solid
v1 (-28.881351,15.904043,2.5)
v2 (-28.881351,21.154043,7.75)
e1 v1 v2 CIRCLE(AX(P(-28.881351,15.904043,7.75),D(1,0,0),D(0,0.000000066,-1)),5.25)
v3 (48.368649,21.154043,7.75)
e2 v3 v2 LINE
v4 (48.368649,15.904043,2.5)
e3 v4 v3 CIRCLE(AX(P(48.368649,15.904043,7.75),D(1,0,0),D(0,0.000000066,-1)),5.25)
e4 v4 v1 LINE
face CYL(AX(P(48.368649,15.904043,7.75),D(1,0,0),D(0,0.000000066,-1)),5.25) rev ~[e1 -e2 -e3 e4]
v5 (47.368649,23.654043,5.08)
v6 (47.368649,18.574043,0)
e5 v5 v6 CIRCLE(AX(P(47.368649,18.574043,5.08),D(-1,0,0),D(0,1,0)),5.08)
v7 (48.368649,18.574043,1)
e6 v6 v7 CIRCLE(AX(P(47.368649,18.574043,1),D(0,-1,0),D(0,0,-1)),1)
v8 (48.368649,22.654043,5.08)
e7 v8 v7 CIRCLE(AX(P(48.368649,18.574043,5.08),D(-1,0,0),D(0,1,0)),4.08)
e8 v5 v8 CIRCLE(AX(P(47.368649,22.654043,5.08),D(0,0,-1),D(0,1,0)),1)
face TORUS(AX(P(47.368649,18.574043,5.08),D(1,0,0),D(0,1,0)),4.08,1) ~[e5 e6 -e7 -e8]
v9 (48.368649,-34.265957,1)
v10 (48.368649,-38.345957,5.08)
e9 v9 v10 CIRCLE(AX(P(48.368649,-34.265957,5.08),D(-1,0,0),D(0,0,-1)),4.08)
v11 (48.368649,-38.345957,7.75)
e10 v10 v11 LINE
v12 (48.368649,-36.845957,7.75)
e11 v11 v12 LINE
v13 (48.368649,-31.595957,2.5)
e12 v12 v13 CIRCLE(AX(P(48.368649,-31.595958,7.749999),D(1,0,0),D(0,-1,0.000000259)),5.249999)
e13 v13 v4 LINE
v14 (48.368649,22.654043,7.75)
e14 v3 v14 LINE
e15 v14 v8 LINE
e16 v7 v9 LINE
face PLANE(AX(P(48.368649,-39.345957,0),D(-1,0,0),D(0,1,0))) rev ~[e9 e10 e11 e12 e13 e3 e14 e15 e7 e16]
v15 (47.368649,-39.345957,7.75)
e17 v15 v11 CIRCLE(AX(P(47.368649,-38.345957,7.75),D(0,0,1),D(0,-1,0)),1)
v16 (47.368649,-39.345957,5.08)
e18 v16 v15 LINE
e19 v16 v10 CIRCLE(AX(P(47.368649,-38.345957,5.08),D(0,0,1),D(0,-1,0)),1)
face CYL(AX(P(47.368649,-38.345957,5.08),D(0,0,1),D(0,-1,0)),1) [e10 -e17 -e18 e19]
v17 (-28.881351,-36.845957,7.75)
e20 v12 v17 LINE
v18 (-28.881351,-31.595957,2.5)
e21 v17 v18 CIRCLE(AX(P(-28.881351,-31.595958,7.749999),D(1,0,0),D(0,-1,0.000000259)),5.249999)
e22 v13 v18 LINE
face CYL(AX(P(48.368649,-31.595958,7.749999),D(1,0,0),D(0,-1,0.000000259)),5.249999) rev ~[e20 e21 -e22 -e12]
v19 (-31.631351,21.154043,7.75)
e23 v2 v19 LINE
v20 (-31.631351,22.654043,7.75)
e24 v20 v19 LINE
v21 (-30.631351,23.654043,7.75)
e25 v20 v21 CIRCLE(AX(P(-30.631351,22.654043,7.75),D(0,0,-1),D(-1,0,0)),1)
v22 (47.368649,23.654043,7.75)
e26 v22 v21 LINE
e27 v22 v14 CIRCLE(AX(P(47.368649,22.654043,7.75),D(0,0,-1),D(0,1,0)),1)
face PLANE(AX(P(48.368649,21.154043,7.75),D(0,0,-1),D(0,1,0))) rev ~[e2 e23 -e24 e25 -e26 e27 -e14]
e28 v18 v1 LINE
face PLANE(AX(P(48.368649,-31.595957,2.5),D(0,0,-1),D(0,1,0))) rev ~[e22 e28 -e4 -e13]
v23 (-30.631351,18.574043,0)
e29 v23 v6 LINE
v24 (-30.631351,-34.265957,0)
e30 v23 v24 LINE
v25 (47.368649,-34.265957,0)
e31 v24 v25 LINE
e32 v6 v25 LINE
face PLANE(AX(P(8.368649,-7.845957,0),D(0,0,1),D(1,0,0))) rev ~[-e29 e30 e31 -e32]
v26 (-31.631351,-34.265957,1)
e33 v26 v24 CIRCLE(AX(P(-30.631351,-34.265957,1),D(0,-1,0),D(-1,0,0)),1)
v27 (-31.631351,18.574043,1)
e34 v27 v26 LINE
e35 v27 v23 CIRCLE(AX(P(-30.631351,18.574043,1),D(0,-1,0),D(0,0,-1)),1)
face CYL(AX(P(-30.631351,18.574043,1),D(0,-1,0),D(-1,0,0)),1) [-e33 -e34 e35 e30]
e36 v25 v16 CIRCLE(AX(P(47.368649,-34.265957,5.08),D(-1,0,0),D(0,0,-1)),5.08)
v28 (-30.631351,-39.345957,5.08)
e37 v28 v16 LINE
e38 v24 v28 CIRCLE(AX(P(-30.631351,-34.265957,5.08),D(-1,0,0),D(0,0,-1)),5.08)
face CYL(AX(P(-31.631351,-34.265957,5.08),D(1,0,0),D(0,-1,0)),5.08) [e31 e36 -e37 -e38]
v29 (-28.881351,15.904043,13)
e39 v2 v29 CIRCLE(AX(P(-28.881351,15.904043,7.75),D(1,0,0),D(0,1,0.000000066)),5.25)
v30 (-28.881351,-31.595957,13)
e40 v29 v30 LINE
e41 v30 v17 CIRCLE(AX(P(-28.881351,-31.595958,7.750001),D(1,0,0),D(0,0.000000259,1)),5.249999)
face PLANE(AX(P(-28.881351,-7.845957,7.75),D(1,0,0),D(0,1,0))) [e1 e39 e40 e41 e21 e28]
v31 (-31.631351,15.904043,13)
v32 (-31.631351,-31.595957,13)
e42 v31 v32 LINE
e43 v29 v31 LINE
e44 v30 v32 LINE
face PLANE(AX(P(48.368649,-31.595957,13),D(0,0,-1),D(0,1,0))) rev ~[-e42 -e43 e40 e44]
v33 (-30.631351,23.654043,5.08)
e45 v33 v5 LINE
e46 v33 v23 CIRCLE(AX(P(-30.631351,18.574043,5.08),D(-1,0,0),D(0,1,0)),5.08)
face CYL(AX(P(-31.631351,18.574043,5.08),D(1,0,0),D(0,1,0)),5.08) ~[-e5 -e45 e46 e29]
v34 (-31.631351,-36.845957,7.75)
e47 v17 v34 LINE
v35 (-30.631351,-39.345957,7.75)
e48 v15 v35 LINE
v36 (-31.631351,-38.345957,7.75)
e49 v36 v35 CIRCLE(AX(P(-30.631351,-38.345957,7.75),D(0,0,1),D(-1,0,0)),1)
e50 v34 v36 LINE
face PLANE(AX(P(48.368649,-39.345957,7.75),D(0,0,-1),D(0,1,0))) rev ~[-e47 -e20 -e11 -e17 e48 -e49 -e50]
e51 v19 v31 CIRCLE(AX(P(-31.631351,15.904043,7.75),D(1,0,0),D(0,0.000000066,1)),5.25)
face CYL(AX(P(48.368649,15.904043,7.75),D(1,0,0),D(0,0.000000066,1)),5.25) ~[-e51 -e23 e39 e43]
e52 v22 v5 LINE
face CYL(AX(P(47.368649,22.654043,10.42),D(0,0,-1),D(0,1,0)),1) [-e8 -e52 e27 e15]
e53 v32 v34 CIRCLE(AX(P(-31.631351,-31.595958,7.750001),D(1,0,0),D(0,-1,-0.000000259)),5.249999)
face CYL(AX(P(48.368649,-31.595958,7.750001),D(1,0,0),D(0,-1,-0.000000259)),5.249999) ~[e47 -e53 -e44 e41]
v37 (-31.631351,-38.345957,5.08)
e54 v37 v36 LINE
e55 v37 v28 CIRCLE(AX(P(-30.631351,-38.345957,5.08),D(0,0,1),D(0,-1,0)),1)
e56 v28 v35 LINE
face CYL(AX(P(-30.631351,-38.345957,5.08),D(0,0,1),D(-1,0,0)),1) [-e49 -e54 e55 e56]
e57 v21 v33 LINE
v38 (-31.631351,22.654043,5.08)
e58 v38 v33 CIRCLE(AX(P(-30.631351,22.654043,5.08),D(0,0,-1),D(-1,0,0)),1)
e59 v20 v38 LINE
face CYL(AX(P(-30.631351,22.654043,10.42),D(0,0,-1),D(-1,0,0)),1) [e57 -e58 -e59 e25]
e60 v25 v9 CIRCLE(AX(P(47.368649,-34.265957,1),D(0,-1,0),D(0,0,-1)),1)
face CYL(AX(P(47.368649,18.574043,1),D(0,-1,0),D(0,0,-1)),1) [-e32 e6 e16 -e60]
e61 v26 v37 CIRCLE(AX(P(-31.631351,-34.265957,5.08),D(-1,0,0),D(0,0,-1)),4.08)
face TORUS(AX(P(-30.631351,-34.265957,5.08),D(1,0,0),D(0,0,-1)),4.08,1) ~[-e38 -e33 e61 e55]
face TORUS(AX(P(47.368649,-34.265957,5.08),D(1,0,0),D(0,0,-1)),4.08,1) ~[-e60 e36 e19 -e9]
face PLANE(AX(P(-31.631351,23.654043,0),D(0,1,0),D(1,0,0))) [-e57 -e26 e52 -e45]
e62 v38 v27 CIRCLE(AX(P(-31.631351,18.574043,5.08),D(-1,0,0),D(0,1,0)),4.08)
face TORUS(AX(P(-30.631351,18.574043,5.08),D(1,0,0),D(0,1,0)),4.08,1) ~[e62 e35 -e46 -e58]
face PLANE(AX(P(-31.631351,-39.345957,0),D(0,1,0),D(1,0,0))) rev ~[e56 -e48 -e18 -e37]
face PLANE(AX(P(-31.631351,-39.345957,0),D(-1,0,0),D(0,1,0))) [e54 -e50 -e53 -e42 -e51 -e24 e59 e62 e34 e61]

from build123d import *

# Parameters (mm, degrees)
F0_W     = 80
F0_H     = 63
F1_DEPTH = 15.5
F3_DEPTH = 77.25
F4_R     = 5.08
F5_R     = 1
F6_DEPTH = 98.552


with BuildPart() as f1:
    # F0 (on Top) → F1 (new body)
    with BuildSketch(Plane.XY):
        with Locations((8.368649, -7.845957)):
            Rectangle(F0_W, F0_H)
    extrude(amount=F1_DEPTH)

    # F2 (on face) → F3 (cut)
    with BuildSketch(Plane.YZ.offset(48.368649)):
        with BuildLine():
            Line((-31.595957, 2.5), (-7.845957, 2.5))
            Line((-7.845957, 2.5), (15.904043, 2.5))
            ThreePointArc((15.904043, 2.5), (19.616353, 4.037689), (21.154043, 7.75))
            ThreePointArc((21.154043, 7.75), (19.616353, 11.462311), (15.904043, 13))
            Line((15.904043, 13), (-7.845957, 13))
            Line((-7.845957, 13), (-31.595957, 13))
            ThreePointArc((-31.595957, 13), (-35.308268, 11.462311), (-36.845957, 7.75))
            ThreePointArc((-36.845957, 7.75), (-35.308268, 4.037689), (-31.595957, 2.5))
        make_face()
    extrude(amount=-F3_DEPTH, mode=Mode.SUBTRACT)

    # F4
    f4_edges = [f1.edges().sort_by_distance(p)[0] for p in [
        (8.368649, -39.345957, 15.5),
        (8.368649, -39.345957, 0),
        (8.368649, 23.654043, 15.5),
        (8.368649, 23.654043, 0),
    ]]
    fillet(f4_edges, radius=F4_R)

    # F5
    f5_edges = [f1.edges().sort_by_distance(p)[0] for p in [
        (-31.631351, -7.845957, 15.5),
        (48.368649, -7.845957, 15.5),
    ]]
    fillet(f5_edges, radius=F5_R)

    # F2 (on face) → F6 (cut)
    with BuildSketch(Plane.YZ.offset(48.368649)):
        with BuildLine():
            ThreePointArc((15.904043, 13), (19.616353, 11.462311), (21.154043, 7.75))
            Line((21.154043, 7.75), (23.654043, 7.75))
            Line((23.654043, 7.75), (23.654043, 15.5))
            Line((23.654043, 15.5), (-39.345957, 15.5))
            Line((-39.345957, 15.5), (-39.345957, 7.75))
            Line((-39.345957, 7.75), (-36.845957, 7.75))
            ThreePointArc((-36.845957, 7.75), (-35.308268, 11.462311), (-31.595957, 13))
            Line((-31.595957, 13), (-7.845957, 13))
            Line((-7.845957, 13), (15.904043, 13))
        make_face()
    extrude(amount=-F6_DEPTH, mode=Mode.SUBTRACT)


solid = f1.part
